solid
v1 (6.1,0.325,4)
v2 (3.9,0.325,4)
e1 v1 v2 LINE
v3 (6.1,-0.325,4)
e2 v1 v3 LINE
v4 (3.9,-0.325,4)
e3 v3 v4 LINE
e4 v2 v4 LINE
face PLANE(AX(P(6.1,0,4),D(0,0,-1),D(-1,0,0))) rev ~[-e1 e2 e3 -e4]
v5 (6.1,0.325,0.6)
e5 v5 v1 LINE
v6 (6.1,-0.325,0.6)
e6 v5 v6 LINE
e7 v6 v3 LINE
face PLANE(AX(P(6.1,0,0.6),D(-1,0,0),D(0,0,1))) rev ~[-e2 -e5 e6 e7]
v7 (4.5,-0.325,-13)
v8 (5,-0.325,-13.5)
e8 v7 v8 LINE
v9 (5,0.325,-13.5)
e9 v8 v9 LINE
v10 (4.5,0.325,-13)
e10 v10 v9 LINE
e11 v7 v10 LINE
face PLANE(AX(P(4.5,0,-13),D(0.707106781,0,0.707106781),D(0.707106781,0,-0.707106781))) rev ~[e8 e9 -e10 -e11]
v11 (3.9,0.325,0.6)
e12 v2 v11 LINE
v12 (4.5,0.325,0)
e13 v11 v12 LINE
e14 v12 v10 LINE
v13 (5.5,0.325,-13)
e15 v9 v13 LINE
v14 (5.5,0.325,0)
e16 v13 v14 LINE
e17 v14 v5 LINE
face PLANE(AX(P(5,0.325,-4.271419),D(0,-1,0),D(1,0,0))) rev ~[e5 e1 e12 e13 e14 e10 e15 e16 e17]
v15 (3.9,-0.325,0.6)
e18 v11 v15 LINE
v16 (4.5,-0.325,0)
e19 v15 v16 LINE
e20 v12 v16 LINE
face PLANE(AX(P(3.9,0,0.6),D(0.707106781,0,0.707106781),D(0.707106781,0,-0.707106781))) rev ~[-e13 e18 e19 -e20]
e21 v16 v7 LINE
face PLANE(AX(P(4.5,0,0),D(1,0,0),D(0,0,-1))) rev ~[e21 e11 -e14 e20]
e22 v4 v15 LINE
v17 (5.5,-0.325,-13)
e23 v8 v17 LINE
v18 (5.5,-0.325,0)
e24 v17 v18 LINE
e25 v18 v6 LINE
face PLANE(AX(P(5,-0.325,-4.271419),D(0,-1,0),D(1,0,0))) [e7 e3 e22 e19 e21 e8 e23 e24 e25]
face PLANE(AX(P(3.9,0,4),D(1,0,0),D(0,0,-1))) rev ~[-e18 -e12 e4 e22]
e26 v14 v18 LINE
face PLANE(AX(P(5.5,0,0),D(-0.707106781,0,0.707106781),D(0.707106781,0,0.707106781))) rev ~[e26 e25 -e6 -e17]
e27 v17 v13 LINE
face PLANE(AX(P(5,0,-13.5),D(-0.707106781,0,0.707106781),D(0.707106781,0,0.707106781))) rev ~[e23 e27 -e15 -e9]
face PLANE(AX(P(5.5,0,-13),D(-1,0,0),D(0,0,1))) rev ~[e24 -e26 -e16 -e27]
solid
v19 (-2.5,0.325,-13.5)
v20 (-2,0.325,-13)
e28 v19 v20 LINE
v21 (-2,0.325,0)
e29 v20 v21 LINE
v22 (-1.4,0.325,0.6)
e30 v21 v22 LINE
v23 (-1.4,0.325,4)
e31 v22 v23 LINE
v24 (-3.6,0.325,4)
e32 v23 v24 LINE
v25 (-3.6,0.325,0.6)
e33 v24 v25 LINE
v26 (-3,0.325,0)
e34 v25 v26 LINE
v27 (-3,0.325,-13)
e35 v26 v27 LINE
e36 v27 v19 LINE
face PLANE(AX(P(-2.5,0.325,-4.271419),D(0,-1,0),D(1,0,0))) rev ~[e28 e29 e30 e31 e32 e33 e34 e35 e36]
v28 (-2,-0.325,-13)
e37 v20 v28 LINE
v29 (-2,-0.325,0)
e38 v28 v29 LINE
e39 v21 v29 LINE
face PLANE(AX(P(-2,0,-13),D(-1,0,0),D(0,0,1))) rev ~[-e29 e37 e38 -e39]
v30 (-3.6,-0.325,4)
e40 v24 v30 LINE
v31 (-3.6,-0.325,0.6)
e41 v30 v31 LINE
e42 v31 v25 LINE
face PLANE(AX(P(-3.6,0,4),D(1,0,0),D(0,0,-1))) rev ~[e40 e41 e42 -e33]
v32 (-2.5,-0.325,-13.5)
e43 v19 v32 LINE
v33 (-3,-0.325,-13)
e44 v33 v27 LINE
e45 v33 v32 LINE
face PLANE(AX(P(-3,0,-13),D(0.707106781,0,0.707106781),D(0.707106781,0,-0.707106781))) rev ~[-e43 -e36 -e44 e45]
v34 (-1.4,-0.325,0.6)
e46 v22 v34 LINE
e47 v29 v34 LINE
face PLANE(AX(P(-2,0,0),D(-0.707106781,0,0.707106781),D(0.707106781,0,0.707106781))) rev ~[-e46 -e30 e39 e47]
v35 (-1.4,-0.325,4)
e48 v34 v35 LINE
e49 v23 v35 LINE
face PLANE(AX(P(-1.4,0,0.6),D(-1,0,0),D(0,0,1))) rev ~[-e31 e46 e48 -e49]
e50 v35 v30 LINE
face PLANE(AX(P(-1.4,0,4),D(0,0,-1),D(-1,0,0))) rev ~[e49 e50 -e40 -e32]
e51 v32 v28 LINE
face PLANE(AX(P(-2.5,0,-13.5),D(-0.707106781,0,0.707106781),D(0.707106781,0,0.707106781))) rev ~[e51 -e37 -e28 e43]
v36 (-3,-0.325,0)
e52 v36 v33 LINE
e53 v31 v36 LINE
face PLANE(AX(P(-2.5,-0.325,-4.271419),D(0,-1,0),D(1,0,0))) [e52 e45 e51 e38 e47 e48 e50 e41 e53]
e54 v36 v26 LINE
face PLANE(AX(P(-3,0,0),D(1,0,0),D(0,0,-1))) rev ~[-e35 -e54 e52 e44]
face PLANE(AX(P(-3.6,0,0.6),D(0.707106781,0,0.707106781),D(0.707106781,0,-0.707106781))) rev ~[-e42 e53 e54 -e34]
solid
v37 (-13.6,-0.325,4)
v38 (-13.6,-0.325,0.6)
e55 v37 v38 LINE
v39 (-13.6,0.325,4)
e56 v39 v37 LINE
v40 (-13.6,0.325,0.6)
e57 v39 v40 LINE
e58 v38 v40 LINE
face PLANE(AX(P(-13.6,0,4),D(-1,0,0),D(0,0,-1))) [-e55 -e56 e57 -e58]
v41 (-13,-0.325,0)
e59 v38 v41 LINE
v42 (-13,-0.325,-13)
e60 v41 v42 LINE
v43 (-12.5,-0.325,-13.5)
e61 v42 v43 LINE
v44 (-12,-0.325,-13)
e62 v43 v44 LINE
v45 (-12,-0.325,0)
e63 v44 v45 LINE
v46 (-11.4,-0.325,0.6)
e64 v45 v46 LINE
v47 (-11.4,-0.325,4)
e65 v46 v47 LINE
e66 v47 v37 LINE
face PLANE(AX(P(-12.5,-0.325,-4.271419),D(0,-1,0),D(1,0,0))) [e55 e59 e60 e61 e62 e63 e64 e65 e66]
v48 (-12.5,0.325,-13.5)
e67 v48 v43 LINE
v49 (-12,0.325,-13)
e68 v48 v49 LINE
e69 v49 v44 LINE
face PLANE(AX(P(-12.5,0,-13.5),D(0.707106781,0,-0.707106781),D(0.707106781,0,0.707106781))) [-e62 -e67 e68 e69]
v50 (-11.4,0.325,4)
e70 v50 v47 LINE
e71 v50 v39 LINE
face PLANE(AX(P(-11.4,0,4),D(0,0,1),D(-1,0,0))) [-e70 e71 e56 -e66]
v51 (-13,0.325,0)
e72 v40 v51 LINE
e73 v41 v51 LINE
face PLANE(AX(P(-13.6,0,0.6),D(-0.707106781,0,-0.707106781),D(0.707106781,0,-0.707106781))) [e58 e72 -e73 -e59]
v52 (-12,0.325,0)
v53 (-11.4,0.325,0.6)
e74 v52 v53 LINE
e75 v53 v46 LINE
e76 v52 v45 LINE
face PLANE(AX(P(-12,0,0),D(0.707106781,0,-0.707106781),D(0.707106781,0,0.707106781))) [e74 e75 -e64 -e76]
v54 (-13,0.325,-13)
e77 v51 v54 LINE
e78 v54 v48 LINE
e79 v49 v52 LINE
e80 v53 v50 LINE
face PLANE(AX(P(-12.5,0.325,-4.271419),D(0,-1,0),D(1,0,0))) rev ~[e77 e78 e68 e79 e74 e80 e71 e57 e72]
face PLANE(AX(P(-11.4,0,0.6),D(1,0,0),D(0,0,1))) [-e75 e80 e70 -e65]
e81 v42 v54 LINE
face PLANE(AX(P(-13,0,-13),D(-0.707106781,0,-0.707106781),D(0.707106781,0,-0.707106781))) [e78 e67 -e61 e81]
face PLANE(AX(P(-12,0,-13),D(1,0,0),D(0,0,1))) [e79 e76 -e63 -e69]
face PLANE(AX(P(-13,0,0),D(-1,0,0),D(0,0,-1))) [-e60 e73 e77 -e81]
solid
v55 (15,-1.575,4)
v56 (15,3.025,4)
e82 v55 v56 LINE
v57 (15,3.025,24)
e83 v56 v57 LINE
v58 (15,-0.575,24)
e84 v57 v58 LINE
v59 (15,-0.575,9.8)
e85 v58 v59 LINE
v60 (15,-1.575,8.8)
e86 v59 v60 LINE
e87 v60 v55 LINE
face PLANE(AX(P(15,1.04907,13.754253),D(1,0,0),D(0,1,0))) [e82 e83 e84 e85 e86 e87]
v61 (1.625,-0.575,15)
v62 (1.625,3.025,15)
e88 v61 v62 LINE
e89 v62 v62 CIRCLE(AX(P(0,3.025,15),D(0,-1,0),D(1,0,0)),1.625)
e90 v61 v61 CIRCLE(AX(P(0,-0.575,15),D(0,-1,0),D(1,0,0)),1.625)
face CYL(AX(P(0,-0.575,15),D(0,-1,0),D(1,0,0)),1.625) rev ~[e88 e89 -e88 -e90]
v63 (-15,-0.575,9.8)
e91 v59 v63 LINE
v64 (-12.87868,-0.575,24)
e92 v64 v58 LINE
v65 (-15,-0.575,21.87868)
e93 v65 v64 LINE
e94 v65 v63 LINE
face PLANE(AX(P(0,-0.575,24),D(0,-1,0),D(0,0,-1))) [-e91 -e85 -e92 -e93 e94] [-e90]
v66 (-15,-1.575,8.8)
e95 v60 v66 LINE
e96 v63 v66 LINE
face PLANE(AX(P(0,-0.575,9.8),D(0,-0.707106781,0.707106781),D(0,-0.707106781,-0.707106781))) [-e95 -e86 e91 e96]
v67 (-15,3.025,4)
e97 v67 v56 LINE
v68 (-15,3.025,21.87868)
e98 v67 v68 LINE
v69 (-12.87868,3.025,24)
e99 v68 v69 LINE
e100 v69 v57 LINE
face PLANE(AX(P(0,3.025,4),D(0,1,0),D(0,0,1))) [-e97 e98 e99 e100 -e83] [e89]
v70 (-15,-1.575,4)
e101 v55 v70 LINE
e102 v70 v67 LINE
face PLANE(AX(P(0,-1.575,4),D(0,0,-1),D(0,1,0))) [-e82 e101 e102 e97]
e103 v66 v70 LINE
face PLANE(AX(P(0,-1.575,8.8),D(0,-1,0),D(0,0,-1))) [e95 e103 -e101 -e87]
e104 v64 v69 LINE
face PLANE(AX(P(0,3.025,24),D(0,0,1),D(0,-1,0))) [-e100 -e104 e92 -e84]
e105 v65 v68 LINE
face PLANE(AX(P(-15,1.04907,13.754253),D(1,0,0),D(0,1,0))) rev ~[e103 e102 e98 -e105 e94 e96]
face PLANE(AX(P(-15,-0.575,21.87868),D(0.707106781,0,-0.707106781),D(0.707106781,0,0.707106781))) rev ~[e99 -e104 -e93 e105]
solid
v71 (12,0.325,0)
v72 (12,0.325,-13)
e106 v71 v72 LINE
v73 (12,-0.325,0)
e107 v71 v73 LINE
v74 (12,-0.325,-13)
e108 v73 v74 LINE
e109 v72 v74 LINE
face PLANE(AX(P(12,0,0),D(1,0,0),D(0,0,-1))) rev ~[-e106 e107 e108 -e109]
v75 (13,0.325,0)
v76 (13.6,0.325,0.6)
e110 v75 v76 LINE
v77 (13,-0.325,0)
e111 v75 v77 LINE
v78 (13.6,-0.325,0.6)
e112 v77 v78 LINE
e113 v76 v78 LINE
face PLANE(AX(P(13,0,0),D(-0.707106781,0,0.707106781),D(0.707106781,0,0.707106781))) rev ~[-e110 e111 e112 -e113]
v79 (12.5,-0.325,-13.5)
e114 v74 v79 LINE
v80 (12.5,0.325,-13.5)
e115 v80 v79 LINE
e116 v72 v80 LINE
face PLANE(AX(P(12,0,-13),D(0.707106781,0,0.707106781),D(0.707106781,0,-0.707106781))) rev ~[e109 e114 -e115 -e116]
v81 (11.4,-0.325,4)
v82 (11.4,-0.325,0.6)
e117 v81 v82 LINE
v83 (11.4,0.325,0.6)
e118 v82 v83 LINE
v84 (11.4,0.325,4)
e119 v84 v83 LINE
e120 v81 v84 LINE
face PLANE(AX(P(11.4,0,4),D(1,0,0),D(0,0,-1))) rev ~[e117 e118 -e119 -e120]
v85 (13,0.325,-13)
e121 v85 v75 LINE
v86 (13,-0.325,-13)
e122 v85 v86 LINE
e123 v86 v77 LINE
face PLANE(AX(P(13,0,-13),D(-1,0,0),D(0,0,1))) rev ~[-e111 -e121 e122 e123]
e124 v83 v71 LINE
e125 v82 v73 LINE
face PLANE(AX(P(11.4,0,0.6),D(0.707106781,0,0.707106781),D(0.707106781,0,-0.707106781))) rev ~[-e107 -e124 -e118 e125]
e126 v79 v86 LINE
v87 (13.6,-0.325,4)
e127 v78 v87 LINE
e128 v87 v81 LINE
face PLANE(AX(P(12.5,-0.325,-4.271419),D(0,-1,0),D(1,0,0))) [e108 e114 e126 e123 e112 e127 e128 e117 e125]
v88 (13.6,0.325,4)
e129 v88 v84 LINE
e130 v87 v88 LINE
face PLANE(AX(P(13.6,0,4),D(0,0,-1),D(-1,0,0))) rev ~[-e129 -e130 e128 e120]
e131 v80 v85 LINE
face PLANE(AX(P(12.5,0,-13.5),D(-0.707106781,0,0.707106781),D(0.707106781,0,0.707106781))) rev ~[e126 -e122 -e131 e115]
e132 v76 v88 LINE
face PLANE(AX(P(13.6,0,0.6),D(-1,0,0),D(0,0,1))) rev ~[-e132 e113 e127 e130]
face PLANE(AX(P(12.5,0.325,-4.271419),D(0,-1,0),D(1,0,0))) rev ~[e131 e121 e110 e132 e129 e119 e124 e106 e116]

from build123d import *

# Parameters (mm, degrees)
F1_DEPTH = 15
F2_R     = 1.625
F3_DEPTH = 3.6
F5_DEPTH = 0.325


with BuildPart() as f1:
    # F0 (on Right) → F1 (new body, symmetric)
    with BuildSketch(Plane.YZ):
        Polygon((-1.575, 4), (-0.325, 4), (0, 4), (0.325, 4), (3.025, 4), (3.025, 24), (-0.575, 24), (-0.575, 9.8), (-1.575, 8.8), align=None)
    extrude(amount=F1_DEPTH, both=True)

    # F2 (on face) → F3 (cut, through all)
    with BuildSketch(Plane.XZ.offset(0.575)):
        Polygon((-15, 24), (-15, 21.87868), (-12.87868, 24), align=None)
        with Locations((0, 15)):
            Circle(F2_R)
    extrude(amount=-F3_DEPTH, mode=Mode.SUBTRACT)


with BuildPart() as f5:
    # F4 (on Front) → F5 (new body, symmetric)
    with BuildSketch(Plane.XZ):
        Polygon((11.4, 0.6), (12, 0), (12, -13), (12.5, -13.5), (13, -13), (13, 0), (13.6, 0.6), (13.6, 4), (12.5, 4), (11.4, 4), align=None)
        Polygon((5.5, -13), (5.5, 0), (6.1, 0.6), (6.1, 4), (5, 4), (3.9, 4), (3.9, 0.6), (4.5, 0), (4.5, -13), (5, -13.5), align=None)
        Polygon((-3, -13), (-2.5, -13.5), (-2, -13), (-2, 0), (-1.4, 0.6), (-1.4, 4), (-2.5, 4), (-3.6, 4), (-3.6, 0.6), (-3, 0), align=None)
        Polygon((-13, -13), (-12.5, -13.5), (-12, -13), (-12, 0), (-11.4, 0.6), (-11.4, 4), (-12.5, 4), (-13.6, 4), (-13.6, 0.6), (-13, 0), align=None)
    extrude(amount=F5_DEPTH, both=True)


solid = Compound([f1.part, f5.part])
